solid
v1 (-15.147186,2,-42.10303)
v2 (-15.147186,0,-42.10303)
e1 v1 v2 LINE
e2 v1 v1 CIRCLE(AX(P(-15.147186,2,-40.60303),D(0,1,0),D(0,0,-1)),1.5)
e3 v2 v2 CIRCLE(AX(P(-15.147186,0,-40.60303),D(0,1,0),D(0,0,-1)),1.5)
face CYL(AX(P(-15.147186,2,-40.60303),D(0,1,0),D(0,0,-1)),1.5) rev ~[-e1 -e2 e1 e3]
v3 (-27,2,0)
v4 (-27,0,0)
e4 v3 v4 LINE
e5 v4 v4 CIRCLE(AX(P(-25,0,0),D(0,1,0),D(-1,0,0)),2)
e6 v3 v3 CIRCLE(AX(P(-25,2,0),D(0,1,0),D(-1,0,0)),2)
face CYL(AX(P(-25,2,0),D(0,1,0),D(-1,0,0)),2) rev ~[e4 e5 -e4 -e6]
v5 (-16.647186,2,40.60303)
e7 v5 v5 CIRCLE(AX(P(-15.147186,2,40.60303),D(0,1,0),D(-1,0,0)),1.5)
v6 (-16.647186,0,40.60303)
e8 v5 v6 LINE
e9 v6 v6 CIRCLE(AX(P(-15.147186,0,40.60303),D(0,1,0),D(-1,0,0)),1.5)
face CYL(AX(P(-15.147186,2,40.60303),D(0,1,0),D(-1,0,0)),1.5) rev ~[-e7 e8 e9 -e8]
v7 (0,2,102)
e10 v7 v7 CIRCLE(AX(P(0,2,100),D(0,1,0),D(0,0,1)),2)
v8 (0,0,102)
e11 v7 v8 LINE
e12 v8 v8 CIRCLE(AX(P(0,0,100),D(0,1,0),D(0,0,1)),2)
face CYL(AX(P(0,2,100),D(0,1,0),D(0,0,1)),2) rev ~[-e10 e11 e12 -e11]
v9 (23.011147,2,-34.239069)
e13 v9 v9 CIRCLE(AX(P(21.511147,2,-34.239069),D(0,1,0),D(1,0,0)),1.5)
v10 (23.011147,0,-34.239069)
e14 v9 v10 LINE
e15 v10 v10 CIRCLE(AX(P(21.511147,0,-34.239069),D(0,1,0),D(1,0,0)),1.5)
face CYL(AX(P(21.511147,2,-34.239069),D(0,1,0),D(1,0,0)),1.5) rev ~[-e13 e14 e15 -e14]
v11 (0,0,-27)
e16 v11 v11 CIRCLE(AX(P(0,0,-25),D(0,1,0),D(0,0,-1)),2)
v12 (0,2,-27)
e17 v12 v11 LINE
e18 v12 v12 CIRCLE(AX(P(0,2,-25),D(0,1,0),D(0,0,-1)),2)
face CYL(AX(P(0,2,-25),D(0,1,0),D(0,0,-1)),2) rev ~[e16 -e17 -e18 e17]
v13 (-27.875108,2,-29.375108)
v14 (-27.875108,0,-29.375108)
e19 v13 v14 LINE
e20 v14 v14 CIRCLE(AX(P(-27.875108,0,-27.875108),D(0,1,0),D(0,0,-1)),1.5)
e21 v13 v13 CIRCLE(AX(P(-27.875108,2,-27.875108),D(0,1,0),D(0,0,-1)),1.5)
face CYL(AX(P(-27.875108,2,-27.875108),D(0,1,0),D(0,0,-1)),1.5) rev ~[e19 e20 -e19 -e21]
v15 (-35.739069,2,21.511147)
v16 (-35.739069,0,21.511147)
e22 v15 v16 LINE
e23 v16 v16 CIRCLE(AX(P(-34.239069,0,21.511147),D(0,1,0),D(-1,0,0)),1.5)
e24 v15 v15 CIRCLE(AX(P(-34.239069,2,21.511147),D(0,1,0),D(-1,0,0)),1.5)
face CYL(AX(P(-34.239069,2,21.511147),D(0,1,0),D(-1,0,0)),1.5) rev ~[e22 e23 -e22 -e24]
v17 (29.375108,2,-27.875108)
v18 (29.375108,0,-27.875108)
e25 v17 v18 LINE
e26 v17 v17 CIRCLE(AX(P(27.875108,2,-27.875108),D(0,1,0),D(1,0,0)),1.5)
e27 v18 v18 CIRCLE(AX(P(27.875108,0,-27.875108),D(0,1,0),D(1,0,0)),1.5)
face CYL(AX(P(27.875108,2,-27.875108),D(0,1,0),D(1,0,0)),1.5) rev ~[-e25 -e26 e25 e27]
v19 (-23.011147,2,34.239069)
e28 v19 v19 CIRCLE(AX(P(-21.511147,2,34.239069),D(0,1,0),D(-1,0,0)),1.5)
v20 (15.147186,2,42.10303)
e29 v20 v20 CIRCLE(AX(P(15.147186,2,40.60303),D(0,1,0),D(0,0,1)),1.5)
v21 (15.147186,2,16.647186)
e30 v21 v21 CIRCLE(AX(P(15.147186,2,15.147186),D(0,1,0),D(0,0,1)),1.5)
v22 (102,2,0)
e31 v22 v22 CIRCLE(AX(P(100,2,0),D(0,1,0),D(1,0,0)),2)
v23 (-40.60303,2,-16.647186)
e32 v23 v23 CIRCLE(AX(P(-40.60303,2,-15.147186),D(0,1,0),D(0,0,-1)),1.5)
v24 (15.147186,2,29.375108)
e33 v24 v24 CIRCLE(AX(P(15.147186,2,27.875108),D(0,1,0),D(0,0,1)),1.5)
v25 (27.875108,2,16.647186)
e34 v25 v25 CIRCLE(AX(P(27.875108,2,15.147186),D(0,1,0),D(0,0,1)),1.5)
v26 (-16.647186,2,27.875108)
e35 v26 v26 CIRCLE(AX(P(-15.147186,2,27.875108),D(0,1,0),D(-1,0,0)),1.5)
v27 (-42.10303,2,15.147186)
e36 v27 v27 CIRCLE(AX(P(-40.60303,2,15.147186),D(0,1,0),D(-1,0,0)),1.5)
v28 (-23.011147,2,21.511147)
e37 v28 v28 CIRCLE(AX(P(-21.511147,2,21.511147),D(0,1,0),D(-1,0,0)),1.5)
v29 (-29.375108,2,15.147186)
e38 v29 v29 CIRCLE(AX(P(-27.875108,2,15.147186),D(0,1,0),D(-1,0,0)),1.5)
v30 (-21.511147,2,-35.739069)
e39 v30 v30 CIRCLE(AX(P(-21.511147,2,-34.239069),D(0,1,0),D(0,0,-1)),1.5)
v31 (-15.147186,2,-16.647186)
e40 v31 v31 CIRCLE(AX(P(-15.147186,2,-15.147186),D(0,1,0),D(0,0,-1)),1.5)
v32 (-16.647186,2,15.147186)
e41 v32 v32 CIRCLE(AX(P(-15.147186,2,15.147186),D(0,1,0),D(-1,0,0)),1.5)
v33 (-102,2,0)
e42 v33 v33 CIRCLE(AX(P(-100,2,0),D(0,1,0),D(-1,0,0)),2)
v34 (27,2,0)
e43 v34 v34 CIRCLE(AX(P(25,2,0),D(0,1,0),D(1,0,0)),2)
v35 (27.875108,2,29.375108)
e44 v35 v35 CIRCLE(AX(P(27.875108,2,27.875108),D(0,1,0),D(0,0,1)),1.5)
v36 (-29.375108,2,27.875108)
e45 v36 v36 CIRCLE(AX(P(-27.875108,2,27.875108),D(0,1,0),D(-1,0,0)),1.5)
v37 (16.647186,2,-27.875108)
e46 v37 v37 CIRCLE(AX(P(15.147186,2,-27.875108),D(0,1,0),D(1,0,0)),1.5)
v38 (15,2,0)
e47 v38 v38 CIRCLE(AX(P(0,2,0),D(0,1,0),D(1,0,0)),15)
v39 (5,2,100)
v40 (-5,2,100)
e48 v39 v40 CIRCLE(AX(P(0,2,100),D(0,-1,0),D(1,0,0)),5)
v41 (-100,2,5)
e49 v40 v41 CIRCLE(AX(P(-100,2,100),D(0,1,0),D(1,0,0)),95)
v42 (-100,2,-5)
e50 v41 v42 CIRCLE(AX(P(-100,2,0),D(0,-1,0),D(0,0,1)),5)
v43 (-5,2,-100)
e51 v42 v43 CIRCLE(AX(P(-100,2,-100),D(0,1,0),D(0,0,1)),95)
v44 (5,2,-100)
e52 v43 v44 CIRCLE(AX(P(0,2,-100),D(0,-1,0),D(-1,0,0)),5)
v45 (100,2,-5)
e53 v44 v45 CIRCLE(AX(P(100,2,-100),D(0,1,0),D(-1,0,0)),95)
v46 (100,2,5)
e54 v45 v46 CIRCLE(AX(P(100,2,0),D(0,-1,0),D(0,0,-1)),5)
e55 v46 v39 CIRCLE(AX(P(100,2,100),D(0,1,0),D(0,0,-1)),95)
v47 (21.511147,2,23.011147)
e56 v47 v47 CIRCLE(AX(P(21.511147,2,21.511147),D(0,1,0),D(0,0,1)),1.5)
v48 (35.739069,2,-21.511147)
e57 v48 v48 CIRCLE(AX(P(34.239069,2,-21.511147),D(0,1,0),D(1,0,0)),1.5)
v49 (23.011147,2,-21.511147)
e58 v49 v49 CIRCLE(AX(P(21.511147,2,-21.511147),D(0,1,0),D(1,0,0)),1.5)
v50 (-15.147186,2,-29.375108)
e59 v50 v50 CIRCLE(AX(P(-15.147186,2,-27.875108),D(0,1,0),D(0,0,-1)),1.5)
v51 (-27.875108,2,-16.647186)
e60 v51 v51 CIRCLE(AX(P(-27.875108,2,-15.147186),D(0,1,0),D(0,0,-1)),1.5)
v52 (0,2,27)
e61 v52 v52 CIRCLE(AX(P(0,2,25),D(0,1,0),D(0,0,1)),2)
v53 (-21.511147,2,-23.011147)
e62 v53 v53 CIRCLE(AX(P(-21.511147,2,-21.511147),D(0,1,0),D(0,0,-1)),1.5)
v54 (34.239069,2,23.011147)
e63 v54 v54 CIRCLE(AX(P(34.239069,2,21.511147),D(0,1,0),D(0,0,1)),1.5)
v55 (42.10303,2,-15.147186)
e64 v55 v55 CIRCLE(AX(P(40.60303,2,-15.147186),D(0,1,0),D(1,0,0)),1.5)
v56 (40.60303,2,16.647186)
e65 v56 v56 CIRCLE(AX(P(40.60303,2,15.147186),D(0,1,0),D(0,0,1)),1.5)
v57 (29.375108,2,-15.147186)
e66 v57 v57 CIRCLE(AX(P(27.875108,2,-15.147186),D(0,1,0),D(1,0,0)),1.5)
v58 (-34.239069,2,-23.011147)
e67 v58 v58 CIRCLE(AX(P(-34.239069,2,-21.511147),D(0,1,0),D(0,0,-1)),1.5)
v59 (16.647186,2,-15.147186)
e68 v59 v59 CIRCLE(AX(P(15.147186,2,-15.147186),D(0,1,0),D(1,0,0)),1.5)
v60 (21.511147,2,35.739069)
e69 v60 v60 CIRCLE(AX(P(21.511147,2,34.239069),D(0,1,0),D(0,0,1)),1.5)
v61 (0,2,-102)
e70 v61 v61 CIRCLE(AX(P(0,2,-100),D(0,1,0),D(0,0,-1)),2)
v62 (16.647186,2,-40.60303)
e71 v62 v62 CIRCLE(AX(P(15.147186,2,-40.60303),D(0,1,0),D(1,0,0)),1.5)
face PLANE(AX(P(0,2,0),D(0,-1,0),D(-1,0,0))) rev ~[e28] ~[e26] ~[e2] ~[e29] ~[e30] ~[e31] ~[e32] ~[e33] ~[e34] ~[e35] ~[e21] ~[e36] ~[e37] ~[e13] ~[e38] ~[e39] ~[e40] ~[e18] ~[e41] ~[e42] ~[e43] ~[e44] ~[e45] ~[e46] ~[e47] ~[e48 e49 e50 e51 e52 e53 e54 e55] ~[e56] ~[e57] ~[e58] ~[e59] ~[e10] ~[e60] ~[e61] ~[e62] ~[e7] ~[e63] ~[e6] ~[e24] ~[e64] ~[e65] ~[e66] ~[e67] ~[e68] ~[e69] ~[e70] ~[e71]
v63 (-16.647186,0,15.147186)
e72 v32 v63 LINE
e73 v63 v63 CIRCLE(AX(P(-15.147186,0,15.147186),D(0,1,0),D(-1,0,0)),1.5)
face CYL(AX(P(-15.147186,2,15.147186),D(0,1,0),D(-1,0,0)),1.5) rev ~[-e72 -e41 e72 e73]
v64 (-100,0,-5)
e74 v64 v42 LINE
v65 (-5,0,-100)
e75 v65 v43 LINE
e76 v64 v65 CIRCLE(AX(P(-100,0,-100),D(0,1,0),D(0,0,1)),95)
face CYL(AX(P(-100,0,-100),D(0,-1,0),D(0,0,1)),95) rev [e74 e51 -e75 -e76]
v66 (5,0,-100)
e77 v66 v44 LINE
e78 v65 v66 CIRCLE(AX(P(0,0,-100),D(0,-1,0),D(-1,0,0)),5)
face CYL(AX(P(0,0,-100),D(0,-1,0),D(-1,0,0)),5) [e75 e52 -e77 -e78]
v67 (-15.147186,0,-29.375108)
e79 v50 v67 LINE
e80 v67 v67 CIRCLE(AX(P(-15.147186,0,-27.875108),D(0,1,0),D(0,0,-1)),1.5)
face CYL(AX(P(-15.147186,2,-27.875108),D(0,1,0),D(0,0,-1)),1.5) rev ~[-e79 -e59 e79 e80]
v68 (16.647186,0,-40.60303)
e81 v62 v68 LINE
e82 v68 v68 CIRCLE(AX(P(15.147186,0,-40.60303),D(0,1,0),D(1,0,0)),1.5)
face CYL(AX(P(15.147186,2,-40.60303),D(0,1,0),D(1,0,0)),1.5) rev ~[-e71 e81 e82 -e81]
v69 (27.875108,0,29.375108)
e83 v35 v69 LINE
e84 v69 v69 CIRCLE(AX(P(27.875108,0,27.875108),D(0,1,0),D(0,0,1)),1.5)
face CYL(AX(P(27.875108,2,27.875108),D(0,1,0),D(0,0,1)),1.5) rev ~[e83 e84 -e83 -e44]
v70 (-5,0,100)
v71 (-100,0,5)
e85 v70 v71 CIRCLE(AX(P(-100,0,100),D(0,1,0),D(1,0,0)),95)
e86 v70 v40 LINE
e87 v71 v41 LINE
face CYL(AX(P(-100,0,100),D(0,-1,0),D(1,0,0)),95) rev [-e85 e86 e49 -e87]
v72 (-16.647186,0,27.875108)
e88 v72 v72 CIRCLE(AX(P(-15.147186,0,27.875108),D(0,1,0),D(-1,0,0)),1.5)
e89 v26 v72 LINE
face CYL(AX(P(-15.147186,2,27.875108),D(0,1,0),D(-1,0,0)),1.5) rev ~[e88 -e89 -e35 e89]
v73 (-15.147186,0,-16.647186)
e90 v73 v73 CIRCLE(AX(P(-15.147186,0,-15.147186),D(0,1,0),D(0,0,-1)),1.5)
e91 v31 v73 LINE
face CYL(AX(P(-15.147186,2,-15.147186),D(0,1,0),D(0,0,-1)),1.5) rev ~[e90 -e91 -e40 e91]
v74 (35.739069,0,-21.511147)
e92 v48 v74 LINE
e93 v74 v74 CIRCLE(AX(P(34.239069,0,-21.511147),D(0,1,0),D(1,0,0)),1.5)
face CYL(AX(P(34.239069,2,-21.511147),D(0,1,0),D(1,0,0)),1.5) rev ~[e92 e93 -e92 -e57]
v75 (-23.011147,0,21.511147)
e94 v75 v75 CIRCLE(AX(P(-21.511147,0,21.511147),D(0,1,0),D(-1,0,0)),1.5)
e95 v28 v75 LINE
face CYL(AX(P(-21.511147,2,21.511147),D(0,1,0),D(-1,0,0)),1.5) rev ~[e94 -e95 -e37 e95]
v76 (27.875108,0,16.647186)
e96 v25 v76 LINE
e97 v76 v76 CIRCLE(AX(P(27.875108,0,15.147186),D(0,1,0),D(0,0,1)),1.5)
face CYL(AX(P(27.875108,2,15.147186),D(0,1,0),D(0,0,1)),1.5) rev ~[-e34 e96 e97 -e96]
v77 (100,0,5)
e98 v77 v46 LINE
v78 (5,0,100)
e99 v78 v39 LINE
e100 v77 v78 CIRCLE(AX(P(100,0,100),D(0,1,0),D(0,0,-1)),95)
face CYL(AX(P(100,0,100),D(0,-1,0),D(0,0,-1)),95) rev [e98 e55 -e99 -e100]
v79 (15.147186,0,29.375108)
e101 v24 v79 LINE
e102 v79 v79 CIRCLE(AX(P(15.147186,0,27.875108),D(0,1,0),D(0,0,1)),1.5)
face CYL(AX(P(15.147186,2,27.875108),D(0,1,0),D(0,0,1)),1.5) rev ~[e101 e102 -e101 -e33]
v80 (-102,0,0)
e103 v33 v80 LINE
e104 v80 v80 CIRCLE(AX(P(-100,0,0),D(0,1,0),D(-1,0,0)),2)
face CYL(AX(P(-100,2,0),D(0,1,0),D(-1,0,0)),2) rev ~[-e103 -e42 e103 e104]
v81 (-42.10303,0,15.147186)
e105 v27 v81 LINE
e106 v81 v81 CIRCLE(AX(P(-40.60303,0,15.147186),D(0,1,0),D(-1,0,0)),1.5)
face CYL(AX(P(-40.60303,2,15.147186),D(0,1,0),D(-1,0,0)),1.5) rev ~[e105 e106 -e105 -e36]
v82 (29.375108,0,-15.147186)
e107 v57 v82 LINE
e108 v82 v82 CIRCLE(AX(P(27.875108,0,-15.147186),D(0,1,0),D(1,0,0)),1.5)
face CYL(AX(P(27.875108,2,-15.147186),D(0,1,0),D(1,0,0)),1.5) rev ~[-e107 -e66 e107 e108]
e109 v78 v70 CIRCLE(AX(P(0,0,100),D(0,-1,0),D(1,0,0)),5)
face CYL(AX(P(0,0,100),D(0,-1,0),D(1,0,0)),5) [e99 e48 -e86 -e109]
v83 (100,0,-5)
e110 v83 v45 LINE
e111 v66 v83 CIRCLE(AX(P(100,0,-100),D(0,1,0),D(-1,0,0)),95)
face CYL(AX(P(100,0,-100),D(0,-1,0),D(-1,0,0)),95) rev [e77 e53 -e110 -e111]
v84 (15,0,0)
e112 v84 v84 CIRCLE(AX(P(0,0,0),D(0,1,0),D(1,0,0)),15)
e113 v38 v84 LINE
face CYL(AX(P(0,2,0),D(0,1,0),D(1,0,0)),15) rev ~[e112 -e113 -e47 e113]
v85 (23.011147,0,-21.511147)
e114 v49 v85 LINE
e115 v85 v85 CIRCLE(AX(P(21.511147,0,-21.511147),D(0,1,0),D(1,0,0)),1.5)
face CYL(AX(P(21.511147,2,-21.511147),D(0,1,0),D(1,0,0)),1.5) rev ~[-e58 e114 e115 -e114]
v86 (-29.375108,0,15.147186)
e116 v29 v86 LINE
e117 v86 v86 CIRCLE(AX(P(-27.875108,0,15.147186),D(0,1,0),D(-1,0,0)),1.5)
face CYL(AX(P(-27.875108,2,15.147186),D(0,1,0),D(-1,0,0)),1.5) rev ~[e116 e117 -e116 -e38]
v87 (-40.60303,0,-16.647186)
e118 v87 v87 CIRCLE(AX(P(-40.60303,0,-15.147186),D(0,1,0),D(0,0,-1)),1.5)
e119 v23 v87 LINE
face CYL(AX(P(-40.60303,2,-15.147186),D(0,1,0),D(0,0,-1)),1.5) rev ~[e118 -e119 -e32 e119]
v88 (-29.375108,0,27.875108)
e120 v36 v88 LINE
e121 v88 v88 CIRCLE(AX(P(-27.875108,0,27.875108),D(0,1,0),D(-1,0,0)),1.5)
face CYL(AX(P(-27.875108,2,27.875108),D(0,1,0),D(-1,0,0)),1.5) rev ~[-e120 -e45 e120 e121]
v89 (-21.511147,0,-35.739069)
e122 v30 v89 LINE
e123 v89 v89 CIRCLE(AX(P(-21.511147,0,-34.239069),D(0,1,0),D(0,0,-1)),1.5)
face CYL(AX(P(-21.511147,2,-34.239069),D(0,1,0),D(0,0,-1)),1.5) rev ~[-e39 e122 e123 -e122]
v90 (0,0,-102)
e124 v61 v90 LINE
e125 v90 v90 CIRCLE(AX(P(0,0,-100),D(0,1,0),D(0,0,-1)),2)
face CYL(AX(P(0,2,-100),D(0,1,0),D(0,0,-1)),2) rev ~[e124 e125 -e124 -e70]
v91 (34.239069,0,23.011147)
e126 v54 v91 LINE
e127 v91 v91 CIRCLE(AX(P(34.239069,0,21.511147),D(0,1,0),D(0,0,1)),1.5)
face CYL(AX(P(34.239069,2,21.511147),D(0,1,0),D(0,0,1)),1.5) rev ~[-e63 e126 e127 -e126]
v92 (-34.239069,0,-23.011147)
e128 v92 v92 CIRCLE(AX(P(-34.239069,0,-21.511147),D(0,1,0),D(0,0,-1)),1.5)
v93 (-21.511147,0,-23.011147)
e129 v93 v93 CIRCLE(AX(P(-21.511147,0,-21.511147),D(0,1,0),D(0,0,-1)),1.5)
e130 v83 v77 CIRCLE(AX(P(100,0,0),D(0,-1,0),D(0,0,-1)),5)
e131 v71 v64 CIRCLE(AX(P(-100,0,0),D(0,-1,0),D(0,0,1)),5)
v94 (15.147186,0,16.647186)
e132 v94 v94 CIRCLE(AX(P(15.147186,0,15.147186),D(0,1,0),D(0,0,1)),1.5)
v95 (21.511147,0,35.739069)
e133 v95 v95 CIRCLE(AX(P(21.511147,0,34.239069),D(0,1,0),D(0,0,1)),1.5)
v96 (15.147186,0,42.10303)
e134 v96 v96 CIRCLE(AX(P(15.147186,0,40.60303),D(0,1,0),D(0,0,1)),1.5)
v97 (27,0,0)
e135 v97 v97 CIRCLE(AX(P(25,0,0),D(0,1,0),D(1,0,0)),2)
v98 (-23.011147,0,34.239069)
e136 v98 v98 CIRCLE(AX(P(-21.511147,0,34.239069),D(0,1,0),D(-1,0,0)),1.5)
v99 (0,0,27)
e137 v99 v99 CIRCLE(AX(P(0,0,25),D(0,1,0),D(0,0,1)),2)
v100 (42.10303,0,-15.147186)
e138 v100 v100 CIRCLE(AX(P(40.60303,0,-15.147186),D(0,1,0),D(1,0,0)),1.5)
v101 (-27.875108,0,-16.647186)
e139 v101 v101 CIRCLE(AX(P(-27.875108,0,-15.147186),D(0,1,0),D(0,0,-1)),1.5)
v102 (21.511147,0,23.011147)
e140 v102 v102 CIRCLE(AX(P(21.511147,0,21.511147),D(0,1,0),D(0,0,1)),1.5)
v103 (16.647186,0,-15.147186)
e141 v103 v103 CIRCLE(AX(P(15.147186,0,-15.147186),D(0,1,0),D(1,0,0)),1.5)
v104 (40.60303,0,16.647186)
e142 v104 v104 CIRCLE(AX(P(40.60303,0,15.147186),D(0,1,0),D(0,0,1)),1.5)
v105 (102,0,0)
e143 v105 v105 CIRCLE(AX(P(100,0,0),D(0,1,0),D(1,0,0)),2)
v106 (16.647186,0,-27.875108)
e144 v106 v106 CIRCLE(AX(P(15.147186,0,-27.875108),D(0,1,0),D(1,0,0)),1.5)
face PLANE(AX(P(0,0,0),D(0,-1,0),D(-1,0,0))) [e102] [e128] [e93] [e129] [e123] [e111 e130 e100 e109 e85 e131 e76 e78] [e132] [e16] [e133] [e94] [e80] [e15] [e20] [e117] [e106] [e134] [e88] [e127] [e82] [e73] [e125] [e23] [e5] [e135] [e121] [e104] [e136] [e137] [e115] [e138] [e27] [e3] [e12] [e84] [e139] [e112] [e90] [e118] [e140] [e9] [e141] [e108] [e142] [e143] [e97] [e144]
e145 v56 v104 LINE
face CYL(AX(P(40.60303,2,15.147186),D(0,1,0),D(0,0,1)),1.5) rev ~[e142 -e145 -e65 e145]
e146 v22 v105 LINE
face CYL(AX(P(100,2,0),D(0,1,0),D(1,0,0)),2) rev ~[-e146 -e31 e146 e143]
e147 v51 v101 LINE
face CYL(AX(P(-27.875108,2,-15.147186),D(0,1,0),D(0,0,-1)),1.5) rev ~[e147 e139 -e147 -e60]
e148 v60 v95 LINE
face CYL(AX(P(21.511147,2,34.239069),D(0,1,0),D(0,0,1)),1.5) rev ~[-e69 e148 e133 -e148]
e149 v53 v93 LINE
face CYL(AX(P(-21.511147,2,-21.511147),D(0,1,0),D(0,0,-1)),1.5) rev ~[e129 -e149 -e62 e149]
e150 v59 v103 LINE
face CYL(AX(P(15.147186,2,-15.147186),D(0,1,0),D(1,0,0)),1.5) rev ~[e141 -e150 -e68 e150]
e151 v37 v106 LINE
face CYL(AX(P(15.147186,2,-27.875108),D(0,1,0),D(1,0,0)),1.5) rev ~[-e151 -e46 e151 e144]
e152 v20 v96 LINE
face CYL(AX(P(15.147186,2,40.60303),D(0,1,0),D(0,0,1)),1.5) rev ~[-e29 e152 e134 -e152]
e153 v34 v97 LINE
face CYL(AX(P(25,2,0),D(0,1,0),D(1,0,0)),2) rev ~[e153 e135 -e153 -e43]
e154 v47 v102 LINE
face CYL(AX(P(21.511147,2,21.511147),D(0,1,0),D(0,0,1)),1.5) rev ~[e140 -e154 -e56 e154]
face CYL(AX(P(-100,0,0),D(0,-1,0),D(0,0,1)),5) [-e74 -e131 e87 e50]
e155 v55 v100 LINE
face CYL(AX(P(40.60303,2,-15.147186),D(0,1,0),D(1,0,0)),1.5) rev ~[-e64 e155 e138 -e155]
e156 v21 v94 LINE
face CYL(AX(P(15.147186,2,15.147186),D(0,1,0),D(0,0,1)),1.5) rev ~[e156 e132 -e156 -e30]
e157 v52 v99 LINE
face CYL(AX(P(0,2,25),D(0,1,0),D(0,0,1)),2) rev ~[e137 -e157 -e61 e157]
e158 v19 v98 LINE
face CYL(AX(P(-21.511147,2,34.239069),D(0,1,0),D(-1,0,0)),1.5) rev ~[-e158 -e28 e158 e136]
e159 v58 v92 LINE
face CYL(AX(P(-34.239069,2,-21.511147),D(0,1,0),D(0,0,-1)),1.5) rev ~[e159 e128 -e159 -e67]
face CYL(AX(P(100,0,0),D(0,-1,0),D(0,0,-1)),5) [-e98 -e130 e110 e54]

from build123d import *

# Parameters (mm, degrees)
EXTRUDE_887_DEPTH           = 2
SKETCH_2_R                  = 2
CUT_EXTRUDE_1122_DEPTH      = 3
PATTERN_CIRCULAR_1192_COUNT = 4
SKETCH_4_R                  = 15
CUT_EXTRUDE_1537_DEPTH      = 3
SKETCH_5_R                  = 1.5
CUT_EXTRUDE_2052_DEPTH      = 3
PATTERN_CIRCULAR_2_COUNT    = 4


with BuildPart() as part:
    # Эскиз1 → Extrude 887 (new body)
    with BuildSketch(Plane(origin=(0, 0, 0), x_dir=(1, 0, 0), z_dir=(0, 1, 0))):
        with BuildLine():
            ThreePointArc((-5, 100), (0, 105), (5, 100))
            ThreePointArc((5, 100), (32.824855787, 32.824855787), (100, 5))
            ThreePointArc((100, 5), (105, 0), (100, -5))
            ThreePointArc((100, -5), (32.824855787, -32.824855787), (5, -100))
            ThreePointArc((5, -100), (0, -105), (-5, -100))
            ThreePointArc((-5, -100), (-32.824855787, -32.824855787), (-100, -5))
            ThreePointArc((-100, -5), (-105, 0), (-100, 5))
            ThreePointArc((-100, 5), (-32.824855787, 32.824855787), (-5, 100))
        make_face()
    extrude(amount=EXTRUDE_887_DEPTH)

    # Эскиз2 → Cut-Extrude 1122 (cut, through all)
    with BuildSketch(Plane(origin=(0, 2, 0), x_dir=(1, 0, 0), z_dir=(0, 1, 0))):
        with Locations((100, 0)):
            Circle(SKETCH_2_R)
        with Locations((25, 0)):
            Circle(SKETCH_2_R)
    cut_extrude_1122 = extrude(amount=-CUT_EXTRUDE_1122_DEPTH, mode=Mode.SUBTRACT)

    # Pattern Circular 1192: Cut-Extrude 1122 ×4 about axis
    pattern_circular_1192_axis = Axis((0, 0, 0), (0, 1, 0))
    for i in range(1, PATTERN_CIRCULAR_1192_COUNT):
        add(cut_extrude_1122.rotate(pattern_circular_1192_axis, i * 360 / PATTERN_CIRCULAR_1192_COUNT), mode=Mode.SUBTRACT)

    # Эскиз4 → Cut-Extrude 1537 (cut, through all)
    with BuildSketch(Plane(origin=(0, 2, 0), x_dir=(1, 0, 0), z_dir=(0, 1, 0))):
        Circle(SKETCH_4_R)
    extrude(amount=-CUT_EXTRUDE_1537_DEPTH, mode=Mode.SUBTRACT)

    # Эскиз5 → Cut-Extrude 2052 (cut, through all)
    with BuildSketch(Plane(origin=(0, 2, 0), x_dir=(1, 0, 0), z_dir=(0, 1, 0))):
        with Locations((40.60303038, 15.147186258)):
            Circle(SKETCH_5_R)
        with Locations((27.875108319, 15.147186258)):
            Circle(SKETCH_5_R)
        with Locations((21.511147288, 21.511147288)):
            Circle(SKETCH_5_R)
        with Locations((15.147186258, 15.147186258)):
            Circle(SKETCH_5_R)
        with Locations((15.147186258, 27.875108319)):
            Circle(SKETCH_5_R)
        with Locations((34.23906935, 21.511147288)):
            Circle(SKETCH_5_R)
        with Locations((27.875108319, 27.875108319)):
            Circle(SKETCH_5_R)
        with Locations((21.511147288, 34.23906935)):
            Circle(SKETCH_5_R)
        with Locations((15.147186258, 40.60303038)):
            Circle(SKETCH_5_R)
    cut_extrude_2052 = extrude(amount=-CUT_EXTRUDE_2052_DEPTH, mode=Mode.SUBTRACT)

    # Круговой массив2: Cut-Extrude 2052 ×4 about axis
    pattern_circular_2_axis = Axis((0, 0, 0), (0, 1, 0))
    for i in range(1, PATTERN_CIRCULAR_2_COUNT):
        add(cut_extrude_2052.rotate(pattern_circular_2_axis, i * 360 / PATTERN_CIRCULAR_2_COUNT), mode=Mode.SUBTRACT)


solid = part.part
